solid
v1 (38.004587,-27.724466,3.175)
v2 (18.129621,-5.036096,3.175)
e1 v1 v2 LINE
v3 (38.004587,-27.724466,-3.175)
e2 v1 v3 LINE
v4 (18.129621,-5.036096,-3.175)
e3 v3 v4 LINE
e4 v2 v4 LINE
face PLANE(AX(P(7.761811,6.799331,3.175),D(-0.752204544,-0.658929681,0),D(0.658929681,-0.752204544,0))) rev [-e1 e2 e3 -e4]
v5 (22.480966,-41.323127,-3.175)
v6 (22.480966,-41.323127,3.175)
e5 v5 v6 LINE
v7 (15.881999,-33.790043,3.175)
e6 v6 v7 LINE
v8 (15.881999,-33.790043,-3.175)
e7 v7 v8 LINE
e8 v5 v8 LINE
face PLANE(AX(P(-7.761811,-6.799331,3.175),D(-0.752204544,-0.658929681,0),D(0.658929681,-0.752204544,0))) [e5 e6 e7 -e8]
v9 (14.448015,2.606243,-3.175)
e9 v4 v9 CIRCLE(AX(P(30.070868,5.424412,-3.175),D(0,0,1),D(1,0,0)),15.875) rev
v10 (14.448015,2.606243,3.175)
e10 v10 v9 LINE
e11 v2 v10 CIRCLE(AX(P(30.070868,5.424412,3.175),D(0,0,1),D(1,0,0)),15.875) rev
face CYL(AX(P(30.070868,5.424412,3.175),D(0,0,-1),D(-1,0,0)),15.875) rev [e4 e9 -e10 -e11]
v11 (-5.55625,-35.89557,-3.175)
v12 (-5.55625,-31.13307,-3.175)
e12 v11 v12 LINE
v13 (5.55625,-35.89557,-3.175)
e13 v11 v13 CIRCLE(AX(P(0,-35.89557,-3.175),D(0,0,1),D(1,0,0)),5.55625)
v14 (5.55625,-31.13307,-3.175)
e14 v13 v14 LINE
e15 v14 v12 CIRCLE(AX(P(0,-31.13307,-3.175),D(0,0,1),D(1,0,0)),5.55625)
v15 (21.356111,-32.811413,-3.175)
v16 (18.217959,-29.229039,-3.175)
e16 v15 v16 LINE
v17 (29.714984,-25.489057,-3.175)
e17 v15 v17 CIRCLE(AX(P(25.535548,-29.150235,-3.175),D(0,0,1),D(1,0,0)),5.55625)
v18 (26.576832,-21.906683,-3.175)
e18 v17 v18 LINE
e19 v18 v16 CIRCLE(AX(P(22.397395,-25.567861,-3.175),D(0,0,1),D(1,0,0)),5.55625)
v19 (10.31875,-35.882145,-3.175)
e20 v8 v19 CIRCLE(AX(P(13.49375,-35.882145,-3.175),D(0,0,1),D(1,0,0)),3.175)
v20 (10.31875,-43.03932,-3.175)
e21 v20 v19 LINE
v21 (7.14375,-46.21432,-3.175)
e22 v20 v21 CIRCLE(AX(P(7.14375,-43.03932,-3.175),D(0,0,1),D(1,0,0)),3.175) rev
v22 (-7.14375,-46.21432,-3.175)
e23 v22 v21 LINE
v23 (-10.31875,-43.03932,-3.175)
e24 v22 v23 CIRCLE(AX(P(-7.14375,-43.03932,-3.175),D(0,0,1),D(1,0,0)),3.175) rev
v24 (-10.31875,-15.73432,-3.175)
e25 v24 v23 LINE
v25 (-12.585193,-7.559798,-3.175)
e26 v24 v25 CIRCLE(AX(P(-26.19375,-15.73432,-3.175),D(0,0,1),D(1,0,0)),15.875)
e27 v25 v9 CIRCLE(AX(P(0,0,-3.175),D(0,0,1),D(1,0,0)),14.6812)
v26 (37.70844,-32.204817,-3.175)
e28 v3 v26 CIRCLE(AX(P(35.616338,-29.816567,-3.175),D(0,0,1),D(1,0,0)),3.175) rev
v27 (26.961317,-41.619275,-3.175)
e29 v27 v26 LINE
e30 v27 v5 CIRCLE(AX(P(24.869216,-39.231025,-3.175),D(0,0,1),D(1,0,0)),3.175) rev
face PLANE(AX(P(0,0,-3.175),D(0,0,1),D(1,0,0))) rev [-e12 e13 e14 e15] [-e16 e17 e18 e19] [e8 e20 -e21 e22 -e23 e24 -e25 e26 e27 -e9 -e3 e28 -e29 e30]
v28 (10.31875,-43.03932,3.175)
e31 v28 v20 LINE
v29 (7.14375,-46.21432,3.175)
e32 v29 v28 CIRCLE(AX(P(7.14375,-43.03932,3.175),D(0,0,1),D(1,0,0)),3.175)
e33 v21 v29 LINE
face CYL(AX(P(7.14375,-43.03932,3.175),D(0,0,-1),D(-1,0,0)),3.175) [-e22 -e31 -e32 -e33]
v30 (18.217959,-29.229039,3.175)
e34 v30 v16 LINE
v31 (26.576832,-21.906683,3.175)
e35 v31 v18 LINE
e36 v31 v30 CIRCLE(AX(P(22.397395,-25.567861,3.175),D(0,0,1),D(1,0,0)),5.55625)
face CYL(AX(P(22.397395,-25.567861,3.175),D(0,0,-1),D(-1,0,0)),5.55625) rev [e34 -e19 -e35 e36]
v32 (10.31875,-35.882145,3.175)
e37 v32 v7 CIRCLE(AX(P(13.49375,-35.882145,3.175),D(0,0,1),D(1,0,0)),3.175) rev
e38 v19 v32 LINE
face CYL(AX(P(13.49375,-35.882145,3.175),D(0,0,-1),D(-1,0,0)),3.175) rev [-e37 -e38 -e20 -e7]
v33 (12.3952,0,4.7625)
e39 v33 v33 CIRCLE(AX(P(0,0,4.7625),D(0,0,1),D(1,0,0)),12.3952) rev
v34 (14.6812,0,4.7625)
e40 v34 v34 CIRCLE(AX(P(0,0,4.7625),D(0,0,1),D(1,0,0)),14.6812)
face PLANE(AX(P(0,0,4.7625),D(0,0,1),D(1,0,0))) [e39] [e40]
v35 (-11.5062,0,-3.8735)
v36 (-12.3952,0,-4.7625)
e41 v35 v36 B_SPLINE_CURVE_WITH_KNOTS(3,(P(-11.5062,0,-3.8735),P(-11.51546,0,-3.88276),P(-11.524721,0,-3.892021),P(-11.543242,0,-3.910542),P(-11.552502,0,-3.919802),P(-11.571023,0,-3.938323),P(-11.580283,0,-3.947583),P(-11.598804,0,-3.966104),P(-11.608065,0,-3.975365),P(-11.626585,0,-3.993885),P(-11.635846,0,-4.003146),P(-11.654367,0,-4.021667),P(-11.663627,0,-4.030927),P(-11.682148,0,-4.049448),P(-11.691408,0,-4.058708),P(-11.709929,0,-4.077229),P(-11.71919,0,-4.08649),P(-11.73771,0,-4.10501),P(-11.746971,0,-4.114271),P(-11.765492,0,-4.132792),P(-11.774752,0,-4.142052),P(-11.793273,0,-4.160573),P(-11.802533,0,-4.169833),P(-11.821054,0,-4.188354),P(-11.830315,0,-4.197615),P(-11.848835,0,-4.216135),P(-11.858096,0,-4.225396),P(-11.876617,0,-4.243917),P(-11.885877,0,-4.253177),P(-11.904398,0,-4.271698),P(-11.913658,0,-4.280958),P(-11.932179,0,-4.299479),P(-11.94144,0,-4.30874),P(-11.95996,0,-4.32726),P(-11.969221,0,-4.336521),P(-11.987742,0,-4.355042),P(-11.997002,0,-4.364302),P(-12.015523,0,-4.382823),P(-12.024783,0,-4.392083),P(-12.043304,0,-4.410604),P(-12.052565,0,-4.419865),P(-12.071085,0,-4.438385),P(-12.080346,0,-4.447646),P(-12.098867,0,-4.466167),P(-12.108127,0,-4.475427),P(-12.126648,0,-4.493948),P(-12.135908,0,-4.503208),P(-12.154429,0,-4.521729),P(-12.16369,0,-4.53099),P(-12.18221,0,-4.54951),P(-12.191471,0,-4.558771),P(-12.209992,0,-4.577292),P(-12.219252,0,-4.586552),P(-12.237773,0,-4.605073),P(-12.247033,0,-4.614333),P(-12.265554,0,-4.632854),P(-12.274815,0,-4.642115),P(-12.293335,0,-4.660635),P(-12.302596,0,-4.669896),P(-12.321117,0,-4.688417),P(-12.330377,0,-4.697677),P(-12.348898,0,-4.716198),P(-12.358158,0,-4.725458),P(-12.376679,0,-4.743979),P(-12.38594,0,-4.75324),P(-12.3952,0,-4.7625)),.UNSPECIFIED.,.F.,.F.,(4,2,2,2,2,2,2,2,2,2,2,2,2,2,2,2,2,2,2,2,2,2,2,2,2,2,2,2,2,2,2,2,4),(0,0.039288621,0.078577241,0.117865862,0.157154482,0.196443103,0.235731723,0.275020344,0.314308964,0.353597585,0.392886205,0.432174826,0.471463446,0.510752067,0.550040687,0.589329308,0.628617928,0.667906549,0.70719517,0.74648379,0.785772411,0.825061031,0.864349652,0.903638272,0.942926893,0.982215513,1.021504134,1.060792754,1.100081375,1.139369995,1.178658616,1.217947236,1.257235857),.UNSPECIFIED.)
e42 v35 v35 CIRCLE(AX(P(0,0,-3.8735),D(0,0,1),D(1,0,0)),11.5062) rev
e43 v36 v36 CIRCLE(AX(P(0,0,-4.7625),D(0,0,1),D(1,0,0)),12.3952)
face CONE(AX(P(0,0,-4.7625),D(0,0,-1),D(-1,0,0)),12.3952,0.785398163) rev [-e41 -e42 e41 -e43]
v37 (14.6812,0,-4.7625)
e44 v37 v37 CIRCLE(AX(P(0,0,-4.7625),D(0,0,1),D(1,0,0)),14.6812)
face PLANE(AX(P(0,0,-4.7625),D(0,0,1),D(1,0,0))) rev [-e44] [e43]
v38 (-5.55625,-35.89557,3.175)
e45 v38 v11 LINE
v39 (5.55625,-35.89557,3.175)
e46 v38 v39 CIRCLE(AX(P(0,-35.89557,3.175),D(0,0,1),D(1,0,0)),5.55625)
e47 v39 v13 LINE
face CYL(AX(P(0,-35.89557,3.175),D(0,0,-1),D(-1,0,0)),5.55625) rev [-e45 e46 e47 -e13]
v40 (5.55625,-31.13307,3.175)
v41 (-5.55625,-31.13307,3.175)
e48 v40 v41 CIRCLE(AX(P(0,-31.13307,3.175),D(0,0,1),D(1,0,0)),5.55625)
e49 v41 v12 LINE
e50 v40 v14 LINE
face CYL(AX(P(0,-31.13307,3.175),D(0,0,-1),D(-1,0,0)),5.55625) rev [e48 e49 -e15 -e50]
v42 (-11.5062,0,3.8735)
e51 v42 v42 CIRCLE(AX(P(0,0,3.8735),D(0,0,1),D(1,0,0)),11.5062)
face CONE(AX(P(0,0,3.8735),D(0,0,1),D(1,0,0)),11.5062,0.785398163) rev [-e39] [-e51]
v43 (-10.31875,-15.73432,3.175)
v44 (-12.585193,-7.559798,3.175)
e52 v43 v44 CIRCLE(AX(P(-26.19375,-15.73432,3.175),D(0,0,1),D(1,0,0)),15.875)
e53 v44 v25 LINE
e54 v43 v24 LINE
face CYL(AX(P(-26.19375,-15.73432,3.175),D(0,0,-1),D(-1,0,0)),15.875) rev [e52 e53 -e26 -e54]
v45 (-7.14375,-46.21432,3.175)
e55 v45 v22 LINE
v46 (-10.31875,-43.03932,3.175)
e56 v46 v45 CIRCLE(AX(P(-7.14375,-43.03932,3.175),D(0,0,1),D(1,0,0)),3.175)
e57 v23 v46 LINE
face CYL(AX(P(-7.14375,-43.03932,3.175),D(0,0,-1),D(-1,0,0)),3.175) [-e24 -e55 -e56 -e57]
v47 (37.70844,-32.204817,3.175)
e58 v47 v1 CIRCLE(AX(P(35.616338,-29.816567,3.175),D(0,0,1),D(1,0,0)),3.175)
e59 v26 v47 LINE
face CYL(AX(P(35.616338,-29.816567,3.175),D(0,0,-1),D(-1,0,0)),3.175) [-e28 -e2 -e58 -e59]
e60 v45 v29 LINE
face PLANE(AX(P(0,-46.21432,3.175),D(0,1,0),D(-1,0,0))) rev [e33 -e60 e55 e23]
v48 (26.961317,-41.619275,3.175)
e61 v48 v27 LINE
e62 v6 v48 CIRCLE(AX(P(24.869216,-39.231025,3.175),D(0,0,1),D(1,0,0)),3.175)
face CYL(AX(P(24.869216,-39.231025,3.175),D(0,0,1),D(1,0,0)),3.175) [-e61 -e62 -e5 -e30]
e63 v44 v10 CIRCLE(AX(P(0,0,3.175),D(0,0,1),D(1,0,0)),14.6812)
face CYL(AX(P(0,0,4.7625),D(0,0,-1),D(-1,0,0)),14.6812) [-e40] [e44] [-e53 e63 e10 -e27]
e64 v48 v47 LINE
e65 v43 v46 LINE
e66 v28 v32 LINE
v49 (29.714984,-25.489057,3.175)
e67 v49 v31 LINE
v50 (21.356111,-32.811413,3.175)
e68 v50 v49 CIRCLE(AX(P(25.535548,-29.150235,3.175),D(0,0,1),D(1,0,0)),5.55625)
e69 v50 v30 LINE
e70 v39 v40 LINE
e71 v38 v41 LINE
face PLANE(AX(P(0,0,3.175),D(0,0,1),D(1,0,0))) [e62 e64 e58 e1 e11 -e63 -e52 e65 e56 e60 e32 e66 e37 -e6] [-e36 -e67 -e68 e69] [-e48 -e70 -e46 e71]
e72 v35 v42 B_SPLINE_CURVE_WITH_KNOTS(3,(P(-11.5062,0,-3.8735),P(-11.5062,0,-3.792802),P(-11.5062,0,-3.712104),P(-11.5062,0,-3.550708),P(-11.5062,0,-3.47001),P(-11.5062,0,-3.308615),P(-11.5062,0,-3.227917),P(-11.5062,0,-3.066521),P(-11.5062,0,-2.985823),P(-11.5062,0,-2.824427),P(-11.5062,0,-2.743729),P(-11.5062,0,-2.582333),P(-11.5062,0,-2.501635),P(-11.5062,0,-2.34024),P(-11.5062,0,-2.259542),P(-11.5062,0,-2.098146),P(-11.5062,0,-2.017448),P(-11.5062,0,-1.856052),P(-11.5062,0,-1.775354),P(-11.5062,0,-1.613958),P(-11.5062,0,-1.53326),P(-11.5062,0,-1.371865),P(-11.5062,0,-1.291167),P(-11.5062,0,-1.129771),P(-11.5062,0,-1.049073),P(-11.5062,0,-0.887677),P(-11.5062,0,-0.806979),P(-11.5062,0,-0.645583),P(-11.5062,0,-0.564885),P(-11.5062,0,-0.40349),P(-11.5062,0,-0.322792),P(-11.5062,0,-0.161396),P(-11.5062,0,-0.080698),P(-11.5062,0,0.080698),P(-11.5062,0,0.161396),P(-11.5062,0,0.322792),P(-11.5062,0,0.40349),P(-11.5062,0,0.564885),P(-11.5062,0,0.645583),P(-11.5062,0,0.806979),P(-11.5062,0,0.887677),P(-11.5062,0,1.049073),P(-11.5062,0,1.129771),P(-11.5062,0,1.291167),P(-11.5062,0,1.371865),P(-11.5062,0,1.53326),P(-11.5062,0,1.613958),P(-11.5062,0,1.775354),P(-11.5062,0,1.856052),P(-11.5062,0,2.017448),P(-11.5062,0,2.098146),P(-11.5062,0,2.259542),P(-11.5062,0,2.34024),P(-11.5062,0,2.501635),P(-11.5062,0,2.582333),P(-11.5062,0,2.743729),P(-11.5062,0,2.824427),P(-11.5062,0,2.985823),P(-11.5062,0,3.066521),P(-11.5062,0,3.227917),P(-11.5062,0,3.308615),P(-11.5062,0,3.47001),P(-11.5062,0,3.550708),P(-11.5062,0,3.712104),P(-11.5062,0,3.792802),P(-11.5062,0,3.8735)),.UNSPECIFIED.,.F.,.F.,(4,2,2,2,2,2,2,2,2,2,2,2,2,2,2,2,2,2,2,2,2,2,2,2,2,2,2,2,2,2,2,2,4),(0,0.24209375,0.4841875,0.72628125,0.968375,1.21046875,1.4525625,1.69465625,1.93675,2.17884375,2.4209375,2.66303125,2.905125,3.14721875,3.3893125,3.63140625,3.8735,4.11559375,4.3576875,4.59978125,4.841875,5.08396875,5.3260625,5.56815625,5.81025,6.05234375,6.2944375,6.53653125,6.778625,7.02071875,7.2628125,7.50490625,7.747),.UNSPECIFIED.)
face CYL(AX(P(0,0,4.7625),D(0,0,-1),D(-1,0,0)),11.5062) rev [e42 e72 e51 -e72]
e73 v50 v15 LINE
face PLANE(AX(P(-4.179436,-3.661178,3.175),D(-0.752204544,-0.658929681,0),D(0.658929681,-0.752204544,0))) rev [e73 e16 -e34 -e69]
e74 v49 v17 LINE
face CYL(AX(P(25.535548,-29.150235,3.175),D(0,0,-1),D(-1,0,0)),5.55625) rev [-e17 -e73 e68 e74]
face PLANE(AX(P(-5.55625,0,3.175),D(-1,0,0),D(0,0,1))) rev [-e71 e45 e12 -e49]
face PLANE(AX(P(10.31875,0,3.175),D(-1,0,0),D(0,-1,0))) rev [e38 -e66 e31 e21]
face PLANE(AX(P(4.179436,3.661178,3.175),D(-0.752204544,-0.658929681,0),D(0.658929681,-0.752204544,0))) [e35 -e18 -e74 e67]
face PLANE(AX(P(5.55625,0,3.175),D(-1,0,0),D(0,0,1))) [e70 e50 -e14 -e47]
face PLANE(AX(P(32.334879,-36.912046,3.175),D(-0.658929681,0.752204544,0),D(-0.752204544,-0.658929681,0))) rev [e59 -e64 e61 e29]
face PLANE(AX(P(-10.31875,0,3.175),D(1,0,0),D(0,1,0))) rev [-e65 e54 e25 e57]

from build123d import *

# Parameters (mm, degrees)
SKETCH1_R           = 11.5062
BOSS_EXTRUDE2_DEPTH = 4.7625
BOSS_EXTRUDE3_DEPTH = 3.175
FILLET1_R           = 3.175
CHAMFER1_SIZE       = 0.889


with BuildPart() as part:
    # Sketch1 → Boss-Extrude2 (new, symmetric)
    with BuildSketch(Plane.XY):
        with BuildLine():
            ThreePointArc((14.44801476, 2.60624307), (-5.167651603, 13.741652388), (-12.585193267, -7.559797873))
            ThreePointArc((-12.585193267, -7.559797873), (5.167651603, -13.741652388), (14.44801476, 2.60624307))
        make_face()
        Circle(SKETCH1_R, mode=Mode.SUBTRACT)
    extrude(amount=BOSS_EXTRUDE2_DEPTH, both=True)

    # Sketch1<4> → Boss-Extrude3 (add, symmetric)
    with BuildSketch(Plane.XY):
        with BuildLine():
            ThreePointArc((-12.585193267, -7.559797873), (-10.89585042, -11.492870345), (-10.31875, -15.734319794))
            Line((-10.31875, -15.734319794), (-10.31875, -46.214319794))
            Line((-10.31875, -46.214319794), (10.31875, -46.214319794))
            Line((10.31875, -46.214319794), (10.31875, -27.439287025))
            Line((10.31875, -27.439287025), (24.57306791, -43.71137647))
            Line((24.57306791, -43.71137647), (40.096689185, -30.112715185))
            Line((40.096689185, -30.112715185), (18.129620955, -5.036096202))
            ThreePointArc((18.129620955, -5.036096202), (15.768901582, -1.465390058), (14.44801476, 2.60624307))
            ThreePointArc((14.44801476, 2.60624307), (5.167651603, -13.741652388), (-12.585193267, -7.559797873))
        make_face()
        with BuildLine():
            ThreePointArc((5.55625, -35.895569794), (0, -41.451819794), (-5.55625, -35.895569794))
            Line((-5.55625, -35.895569794), (-5.55625, -31.133069794))
            ThreePointArc((-5.55625, -31.133069794), (0, -25.576819794), (5.55625, -31.133069794))
            Line((5.55625, -31.133069794), (5.55625, -35.895569794))
        make_face(mode=Mode.SUBTRACT)
        with BuildLine():
            ThreePointArc((29.714984402, -25.489057152), (29.196725943, -33.329671687), (21.356111408, -32.811413228))
            Line((21.356111408, -32.811413228), (18.217958804, -29.229039088))
            ThreePointArc((18.217958804, -29.229039088), (18.736217262, -21.388424552), (26.576831798, -21.906683011))
            Line((26.576831798, -21.906683011), (29.714984402, -25.489057152))
        make_face(mode=Mode.SUBTRACT)
    extrude(amount=BOSS_EXTRUDE3_DEPTH, both=True)

    # Fillet1
    fillet1_edges = [part.edges().sort_by_distance(p)[0] for p in [
        (-10.31875, -46.214319794, 0),
        (40.096689185, -30.112715185, 0),
        (10.31875, -27.439287025, 0),
        (24.57306791, -43.71137647, 0),
        (10.31875, -46.214319794, 0),
    ]]
    fillet(fillet1_edges, radius=FILLET1_R)

    # Chamfer1
    chamfer1_edges = [part.edges().sort_by_distance(p)[0] for p in [
        (-11.5062, 0, -4.7625),
        (-11.5062, 0, 4.7625),
    ]]
    chamfer(chamfer1_edges, length=CHAMFER1_SIZE)


solid = part.part
